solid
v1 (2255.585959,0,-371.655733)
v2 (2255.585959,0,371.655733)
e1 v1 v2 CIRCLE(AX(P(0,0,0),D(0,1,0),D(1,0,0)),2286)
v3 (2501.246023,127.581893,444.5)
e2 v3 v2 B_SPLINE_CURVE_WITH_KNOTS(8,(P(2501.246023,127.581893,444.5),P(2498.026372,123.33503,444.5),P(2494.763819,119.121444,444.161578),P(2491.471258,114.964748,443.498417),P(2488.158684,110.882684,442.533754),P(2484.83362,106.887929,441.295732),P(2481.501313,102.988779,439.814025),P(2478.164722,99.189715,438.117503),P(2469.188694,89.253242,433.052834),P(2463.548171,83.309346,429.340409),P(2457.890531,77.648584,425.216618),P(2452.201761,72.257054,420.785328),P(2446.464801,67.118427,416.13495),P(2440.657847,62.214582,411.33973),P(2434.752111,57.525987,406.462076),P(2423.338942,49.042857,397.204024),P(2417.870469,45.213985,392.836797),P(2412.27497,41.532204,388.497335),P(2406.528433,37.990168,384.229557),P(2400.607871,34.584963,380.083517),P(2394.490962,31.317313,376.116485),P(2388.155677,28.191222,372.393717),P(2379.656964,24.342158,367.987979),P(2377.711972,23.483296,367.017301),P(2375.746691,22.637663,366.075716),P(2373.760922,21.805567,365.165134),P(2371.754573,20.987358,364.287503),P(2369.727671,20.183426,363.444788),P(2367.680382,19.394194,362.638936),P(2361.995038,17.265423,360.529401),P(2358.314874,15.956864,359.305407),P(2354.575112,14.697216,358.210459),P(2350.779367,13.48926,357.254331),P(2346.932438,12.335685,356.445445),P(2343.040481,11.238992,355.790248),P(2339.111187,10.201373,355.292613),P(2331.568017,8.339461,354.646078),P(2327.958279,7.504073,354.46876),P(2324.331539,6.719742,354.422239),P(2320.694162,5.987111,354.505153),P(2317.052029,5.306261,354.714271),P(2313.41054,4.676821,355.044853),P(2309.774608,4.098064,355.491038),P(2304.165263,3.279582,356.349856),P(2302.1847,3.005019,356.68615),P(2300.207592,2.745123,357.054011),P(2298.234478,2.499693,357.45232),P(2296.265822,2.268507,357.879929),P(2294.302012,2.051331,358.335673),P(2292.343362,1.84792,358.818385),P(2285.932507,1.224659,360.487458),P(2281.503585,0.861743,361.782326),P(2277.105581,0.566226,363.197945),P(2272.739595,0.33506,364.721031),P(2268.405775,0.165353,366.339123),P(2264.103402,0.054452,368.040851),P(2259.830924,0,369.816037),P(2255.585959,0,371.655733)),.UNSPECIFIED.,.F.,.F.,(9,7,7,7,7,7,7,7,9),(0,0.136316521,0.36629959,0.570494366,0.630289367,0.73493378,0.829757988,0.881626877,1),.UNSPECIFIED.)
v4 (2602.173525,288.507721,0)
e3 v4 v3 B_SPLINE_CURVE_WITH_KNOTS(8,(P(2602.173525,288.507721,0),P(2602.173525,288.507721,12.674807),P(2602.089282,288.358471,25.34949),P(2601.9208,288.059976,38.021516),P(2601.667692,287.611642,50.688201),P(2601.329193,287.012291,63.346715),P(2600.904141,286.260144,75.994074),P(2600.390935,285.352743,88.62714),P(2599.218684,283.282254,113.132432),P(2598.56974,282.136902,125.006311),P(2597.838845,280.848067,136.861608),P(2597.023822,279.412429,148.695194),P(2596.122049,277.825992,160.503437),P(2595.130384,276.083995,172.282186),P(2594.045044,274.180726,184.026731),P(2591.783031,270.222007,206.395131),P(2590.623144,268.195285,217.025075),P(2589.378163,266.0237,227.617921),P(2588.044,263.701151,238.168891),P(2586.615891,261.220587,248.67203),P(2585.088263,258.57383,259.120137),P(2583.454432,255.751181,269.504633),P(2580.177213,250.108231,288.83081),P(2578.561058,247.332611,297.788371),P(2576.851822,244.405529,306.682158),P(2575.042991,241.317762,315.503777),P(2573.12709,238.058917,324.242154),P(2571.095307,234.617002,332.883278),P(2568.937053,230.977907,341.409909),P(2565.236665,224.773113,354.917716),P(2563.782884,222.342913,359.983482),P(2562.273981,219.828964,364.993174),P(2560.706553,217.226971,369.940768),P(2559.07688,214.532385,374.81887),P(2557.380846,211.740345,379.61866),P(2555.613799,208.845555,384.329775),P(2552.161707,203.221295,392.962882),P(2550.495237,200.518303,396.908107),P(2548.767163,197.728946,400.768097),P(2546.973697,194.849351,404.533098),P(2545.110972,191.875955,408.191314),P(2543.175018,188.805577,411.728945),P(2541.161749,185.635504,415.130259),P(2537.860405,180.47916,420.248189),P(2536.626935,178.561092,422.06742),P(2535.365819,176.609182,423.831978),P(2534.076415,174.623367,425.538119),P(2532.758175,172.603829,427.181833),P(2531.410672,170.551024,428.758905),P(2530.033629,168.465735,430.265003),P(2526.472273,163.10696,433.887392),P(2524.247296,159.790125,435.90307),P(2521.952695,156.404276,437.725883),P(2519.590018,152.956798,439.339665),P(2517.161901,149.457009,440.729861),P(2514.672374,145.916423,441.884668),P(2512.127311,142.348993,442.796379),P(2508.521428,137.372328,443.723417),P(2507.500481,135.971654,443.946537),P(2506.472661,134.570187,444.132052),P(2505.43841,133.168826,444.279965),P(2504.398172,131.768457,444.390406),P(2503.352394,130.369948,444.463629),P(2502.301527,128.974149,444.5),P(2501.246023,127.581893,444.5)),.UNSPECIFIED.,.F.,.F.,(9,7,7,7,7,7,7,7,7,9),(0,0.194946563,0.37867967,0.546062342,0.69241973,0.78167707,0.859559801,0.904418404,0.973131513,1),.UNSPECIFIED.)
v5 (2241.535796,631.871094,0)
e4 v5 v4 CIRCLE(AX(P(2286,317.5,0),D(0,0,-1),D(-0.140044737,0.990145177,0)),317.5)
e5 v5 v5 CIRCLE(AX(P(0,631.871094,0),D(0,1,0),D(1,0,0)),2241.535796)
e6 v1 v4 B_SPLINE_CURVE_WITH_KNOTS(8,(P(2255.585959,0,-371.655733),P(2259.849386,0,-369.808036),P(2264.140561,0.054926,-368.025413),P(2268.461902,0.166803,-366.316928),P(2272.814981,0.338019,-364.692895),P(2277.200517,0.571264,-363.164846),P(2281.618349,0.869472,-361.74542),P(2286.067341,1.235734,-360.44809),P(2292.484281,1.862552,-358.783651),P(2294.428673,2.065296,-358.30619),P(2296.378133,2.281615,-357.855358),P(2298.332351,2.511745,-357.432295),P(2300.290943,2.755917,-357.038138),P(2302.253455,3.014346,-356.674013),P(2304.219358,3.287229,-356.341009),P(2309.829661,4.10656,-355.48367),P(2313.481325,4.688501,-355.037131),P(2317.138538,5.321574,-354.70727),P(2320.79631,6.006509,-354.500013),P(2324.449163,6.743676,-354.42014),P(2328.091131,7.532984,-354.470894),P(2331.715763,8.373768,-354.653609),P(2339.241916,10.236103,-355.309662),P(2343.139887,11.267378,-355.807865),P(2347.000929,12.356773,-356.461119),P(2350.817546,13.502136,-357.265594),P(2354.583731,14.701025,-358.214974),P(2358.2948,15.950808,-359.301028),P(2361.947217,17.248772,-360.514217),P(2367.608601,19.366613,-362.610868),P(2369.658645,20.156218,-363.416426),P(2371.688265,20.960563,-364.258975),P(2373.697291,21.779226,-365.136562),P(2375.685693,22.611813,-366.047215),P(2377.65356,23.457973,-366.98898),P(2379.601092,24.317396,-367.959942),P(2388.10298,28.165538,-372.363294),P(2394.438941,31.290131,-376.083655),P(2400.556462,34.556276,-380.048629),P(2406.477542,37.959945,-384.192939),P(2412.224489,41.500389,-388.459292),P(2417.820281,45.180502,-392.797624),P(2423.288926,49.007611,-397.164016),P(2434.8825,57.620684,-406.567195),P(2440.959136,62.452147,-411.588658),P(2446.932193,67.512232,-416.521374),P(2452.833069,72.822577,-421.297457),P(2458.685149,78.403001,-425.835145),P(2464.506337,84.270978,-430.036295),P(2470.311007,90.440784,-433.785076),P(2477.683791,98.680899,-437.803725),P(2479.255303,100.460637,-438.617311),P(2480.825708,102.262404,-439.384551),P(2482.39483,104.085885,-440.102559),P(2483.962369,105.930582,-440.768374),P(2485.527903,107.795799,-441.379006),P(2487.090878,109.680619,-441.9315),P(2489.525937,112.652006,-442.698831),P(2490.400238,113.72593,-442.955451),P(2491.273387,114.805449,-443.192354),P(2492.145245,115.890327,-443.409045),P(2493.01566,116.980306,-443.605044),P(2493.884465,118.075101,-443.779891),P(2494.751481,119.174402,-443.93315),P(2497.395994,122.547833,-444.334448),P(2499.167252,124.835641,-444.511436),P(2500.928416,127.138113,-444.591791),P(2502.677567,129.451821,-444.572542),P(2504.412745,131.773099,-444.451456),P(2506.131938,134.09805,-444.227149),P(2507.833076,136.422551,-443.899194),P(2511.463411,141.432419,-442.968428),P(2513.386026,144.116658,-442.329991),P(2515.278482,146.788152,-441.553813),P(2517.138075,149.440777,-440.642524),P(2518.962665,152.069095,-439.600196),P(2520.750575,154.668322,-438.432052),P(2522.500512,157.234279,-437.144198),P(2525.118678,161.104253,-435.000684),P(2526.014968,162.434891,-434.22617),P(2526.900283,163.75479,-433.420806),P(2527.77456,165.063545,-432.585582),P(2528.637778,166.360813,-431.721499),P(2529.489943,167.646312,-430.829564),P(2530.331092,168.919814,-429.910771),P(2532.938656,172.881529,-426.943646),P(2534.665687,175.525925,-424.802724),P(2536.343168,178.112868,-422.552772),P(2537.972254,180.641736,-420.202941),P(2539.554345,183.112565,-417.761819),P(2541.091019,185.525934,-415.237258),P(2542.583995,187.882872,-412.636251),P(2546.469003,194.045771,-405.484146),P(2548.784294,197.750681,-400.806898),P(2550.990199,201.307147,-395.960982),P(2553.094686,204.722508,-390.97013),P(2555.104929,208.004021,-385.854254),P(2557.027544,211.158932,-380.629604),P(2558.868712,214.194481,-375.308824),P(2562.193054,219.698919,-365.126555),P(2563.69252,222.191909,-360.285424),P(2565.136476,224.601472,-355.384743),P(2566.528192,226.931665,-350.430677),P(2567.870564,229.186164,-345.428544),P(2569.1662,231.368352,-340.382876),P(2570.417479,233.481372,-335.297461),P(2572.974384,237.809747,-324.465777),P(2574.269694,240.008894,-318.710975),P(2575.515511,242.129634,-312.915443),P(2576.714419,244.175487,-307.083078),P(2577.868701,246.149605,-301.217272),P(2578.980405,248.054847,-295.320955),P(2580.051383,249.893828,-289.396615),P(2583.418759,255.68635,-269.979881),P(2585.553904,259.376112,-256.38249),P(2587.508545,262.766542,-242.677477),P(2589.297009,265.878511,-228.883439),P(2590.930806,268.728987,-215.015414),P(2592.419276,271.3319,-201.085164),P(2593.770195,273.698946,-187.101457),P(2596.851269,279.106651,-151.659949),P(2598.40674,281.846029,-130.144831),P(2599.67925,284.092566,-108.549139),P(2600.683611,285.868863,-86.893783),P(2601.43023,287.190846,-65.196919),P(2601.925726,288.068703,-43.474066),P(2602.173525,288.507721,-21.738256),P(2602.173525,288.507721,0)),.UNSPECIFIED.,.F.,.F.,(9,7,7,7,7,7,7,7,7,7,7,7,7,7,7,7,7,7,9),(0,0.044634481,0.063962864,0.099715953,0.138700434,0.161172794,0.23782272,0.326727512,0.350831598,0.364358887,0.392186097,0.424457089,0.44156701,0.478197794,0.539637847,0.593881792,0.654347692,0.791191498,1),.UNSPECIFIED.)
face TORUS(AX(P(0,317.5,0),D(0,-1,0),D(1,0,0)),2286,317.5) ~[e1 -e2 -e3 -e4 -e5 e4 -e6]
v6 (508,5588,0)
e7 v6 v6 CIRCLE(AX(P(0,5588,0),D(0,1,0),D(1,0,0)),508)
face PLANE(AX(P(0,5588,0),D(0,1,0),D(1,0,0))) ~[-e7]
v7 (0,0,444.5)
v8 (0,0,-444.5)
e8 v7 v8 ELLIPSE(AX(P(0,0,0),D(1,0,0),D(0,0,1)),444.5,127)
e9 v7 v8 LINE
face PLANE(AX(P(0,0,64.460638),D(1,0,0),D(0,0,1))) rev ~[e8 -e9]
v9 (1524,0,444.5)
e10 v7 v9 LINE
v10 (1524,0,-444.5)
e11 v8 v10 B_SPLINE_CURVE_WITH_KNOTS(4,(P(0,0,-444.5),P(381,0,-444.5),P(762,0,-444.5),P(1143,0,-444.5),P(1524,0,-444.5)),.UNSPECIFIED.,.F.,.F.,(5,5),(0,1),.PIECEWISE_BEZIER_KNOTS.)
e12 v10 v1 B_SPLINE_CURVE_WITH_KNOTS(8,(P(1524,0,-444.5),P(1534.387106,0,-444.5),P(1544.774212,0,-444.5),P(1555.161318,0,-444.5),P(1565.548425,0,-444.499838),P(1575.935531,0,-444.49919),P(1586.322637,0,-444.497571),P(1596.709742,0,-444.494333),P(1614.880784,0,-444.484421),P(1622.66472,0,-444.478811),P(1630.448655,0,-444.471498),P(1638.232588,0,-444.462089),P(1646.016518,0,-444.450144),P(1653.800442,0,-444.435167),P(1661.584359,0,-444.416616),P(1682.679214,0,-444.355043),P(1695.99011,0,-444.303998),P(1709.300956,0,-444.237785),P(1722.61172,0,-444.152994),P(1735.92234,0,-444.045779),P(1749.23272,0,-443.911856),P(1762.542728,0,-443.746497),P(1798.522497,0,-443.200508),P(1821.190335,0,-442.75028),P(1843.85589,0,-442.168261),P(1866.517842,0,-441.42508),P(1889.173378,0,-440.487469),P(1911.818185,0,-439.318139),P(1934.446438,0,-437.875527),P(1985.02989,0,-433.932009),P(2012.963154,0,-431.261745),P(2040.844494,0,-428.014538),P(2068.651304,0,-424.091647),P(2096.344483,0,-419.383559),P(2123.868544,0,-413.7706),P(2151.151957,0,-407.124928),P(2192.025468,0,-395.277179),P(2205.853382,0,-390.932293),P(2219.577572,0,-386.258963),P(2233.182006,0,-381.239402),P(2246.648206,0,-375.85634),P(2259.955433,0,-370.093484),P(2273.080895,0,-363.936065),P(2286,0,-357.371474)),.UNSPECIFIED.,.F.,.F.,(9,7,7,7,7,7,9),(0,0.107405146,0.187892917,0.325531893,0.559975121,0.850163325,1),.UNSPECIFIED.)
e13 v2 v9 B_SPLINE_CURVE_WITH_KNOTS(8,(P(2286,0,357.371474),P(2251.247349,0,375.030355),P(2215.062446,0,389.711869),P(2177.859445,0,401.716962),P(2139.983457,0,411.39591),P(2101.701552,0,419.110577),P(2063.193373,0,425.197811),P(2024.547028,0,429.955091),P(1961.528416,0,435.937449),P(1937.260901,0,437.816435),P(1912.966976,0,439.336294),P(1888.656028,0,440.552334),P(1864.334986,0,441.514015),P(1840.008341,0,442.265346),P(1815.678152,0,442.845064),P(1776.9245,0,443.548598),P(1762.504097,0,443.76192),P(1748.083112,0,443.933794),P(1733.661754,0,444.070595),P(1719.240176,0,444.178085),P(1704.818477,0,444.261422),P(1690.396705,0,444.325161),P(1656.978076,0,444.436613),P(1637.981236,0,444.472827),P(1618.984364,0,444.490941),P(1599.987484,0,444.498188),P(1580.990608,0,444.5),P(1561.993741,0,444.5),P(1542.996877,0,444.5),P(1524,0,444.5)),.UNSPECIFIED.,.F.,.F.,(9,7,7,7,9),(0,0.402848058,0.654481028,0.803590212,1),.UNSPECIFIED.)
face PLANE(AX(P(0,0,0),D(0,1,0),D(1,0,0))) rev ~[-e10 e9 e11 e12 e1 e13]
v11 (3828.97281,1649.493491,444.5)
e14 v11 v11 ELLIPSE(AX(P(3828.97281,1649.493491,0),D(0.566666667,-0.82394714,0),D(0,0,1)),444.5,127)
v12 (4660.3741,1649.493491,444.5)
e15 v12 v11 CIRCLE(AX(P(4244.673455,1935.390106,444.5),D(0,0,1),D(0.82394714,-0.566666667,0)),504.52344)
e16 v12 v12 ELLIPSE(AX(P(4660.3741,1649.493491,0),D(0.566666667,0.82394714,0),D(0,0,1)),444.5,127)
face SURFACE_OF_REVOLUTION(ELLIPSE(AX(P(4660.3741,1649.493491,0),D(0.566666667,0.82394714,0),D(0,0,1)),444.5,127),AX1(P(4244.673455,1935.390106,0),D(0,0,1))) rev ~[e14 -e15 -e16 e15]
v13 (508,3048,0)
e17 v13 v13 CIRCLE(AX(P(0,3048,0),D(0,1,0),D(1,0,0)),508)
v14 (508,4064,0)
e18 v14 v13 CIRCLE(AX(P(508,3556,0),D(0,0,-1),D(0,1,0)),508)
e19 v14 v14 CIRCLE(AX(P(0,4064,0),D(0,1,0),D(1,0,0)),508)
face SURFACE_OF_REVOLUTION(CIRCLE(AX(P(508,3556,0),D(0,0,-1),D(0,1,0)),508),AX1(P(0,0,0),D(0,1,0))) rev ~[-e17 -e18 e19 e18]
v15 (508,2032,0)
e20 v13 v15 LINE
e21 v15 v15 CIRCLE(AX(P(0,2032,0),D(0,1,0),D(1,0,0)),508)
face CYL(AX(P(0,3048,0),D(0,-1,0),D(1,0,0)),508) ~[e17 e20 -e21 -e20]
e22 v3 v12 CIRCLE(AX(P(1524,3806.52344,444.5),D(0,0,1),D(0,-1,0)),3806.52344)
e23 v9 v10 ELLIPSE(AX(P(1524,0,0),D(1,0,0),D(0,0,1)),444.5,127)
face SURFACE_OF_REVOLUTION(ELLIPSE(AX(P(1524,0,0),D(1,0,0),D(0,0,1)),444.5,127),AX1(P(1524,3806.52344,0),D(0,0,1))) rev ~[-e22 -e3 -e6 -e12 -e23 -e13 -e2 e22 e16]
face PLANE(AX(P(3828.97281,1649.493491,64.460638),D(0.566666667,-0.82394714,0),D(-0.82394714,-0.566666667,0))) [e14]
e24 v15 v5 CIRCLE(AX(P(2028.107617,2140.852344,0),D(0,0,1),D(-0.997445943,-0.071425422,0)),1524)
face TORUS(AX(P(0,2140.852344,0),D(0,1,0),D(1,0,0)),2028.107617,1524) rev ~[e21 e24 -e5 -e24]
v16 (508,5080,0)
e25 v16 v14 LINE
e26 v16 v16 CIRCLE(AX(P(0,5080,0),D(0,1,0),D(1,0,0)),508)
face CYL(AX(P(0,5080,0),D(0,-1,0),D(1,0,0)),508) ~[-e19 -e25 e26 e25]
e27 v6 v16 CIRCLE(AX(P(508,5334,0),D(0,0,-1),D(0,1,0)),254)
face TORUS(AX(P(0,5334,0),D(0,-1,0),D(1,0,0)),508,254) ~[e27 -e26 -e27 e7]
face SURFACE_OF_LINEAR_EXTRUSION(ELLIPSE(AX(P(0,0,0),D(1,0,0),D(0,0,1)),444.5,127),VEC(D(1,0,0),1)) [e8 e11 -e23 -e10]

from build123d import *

# Parameters (mm, degrees)
SKETCH9_RX = 444.5
SKETCH9_RY = 127


with BuildPart() as part:
    # Sketch1 → Revolve1 (revolve)
    with BuildSketch(Plane.XY):
        with BuildLine():
            Line((0, 0), (0, 5588))
            Line((0, 5588), (508, 5588))
            ThreePointArc((508, 5588), (762, 5334), (508, 5080))
            Line((508, 5080), (508, 4064))
            ThreePointArc((508, 4064), (1016, 3556), (508, 3048))
            Line((508, 3048), (508, 2032))
            ThreePointArc((508, 2032), (1070.536195673, 955.258410962), (2241.535796037, 631.871093719))
            ThreePointArc((2241.535796037, 631.871093719), (2602.71680746, 339.787078592), (2286, 0))
            Line((2286, 0), (0, 0))
        make_face()
    revolve(axis=Axis((0, 0, 0), (0, 1, 0)))

    # Sweep1: sweep along a path in Sketch4
    with BuildLine(Plane.XY) as sweep1_path:
        Line((0, -3.476560285), (1524, -3.476560285))
        ThreePointArc((1524, -3.476560285), (3297.458485559, 434.440255688), (4663.238601954, 1647.523439715))
        ThreePointArc((4663.238601954, 1647.523439715), (4244.673455027, 2443.390106382), (3826.1083081, 1647.523439715))
    # Sketch9 → Sweep1 (sweep)
    with BuildSketch(Plane(origin=(0, 0, 0), x_dir=(0, 0, -1), z_dir=(1, 0, 0))):
        with Locations(Location((0, 0), (0, 0, 180))):
            Ellipse(SKETCH9_RX, SKETCH9_RY)
    sweep(path=sweep1_path.line)


solid = part.part
